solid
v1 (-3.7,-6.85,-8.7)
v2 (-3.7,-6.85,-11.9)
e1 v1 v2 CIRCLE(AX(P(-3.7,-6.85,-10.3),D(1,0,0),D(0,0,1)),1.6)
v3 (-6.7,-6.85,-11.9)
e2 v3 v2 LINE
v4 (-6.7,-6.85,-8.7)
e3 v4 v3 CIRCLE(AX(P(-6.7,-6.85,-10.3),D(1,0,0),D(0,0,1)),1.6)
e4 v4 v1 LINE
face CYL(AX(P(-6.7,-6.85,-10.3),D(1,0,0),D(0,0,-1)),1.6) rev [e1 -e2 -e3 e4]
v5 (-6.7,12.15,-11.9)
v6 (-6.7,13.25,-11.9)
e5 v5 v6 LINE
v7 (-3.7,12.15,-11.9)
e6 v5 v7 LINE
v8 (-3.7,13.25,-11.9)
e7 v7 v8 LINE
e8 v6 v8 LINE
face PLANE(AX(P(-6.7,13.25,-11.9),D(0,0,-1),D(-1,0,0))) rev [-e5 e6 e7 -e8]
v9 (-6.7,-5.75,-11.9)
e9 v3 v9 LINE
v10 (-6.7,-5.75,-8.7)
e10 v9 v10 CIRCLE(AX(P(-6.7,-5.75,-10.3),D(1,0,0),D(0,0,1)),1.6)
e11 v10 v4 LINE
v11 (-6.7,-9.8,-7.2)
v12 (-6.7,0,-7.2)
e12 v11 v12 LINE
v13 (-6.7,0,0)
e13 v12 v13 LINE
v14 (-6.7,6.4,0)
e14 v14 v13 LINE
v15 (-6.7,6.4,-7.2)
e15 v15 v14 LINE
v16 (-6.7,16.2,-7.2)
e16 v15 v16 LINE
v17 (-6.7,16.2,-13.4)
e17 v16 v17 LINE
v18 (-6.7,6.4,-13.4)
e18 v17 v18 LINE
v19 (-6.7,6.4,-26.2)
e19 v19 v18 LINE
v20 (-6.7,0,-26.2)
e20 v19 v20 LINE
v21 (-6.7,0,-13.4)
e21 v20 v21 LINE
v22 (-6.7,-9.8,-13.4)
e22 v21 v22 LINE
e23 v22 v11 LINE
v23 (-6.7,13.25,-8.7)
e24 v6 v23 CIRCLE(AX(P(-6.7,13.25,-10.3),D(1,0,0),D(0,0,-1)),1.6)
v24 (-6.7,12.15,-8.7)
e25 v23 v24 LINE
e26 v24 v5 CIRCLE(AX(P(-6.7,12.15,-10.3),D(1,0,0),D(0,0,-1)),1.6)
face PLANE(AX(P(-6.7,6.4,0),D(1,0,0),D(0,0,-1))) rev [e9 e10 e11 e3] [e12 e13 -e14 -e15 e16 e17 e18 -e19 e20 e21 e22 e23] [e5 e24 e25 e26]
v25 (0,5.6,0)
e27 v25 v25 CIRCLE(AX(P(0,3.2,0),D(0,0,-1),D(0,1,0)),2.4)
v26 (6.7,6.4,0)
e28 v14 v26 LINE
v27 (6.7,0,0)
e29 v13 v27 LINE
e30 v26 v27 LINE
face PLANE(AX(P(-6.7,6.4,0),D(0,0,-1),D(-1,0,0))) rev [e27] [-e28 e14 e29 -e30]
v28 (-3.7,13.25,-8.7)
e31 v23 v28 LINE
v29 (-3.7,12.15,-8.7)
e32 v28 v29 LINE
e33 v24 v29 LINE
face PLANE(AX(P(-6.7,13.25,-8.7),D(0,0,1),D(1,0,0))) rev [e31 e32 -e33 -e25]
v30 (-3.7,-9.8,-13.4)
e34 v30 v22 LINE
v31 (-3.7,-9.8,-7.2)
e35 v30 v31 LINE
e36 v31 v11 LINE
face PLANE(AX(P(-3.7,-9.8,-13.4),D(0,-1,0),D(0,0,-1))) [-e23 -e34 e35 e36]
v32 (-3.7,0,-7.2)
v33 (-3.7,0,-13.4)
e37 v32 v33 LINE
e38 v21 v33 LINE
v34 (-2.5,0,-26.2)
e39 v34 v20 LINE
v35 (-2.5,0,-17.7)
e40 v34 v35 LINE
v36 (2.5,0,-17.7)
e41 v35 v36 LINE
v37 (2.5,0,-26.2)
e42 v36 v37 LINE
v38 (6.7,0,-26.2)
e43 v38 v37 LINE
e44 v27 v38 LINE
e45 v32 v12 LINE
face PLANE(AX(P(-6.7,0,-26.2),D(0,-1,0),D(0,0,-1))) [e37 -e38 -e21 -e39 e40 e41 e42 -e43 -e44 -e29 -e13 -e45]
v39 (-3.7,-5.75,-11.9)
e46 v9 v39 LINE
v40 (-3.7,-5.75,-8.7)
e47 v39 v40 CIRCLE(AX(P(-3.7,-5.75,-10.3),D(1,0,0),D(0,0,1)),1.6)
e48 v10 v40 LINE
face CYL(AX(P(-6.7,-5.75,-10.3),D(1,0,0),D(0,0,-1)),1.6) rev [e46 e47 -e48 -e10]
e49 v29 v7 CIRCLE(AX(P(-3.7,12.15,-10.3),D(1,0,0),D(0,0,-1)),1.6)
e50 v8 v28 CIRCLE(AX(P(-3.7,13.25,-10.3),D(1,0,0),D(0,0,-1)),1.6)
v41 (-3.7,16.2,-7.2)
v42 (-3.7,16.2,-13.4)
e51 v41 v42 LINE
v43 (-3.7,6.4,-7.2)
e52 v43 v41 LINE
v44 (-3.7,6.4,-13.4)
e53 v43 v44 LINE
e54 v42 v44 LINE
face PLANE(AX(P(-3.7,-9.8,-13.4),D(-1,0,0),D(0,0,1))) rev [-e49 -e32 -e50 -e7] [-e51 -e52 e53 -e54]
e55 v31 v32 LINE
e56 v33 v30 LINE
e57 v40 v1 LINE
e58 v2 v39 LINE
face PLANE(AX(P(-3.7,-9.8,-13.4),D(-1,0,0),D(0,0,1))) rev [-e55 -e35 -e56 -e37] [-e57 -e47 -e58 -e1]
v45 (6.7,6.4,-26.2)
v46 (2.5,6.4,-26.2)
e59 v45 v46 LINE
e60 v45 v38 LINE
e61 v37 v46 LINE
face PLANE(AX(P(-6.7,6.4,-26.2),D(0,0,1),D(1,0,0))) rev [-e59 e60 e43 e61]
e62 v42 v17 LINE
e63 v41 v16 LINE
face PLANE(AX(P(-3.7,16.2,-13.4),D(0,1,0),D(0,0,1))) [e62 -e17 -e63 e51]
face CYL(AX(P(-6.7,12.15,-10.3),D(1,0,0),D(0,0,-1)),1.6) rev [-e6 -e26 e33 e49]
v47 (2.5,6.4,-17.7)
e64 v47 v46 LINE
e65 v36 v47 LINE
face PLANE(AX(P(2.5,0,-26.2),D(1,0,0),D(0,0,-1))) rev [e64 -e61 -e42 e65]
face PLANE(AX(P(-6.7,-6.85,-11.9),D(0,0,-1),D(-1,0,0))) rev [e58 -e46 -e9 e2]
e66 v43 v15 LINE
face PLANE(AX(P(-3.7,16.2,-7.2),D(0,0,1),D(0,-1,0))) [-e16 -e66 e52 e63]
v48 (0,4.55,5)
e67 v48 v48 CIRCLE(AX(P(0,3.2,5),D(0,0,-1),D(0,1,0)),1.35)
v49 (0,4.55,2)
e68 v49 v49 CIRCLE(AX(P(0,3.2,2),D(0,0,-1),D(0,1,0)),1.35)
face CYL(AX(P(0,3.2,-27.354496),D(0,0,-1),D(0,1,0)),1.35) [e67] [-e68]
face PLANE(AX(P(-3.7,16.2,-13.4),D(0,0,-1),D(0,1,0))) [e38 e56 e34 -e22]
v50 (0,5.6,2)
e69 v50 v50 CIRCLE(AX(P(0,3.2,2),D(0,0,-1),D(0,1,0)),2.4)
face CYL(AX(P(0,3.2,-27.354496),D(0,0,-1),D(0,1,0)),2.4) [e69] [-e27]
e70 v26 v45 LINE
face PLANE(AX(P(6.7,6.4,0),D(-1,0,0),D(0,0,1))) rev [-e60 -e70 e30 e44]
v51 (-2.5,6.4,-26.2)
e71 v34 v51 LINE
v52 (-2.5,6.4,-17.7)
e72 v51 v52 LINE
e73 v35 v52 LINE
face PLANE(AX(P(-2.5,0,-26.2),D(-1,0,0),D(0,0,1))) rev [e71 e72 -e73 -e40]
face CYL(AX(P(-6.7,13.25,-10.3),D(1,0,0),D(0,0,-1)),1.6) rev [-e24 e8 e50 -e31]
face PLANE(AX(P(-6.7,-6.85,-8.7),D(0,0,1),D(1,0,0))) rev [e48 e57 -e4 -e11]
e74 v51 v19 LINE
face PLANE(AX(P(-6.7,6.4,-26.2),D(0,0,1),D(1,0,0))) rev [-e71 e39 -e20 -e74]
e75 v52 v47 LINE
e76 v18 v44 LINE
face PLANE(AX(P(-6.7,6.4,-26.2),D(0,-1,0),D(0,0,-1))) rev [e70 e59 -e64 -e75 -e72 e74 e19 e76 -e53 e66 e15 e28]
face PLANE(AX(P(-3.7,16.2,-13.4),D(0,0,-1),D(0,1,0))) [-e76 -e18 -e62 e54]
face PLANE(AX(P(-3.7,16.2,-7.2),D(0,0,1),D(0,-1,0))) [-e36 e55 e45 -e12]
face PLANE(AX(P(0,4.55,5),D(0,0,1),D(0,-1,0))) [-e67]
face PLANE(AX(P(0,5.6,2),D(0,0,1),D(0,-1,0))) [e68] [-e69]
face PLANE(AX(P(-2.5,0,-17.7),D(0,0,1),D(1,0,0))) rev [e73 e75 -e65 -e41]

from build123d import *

# Parameters (mm, degrees)
SKETCH1_W           = 13.4
SKETCH1_H           = 26.2
BOSS_EXTRUDE1_DEPTH = 6.4
SKETCH2_W           = 5
SKETCH2_H           = 8.5
CUT_EXTRUDE1_DEPTH  = 6.4
SKETCH3_W           = 6.2
SKETCH3_H           = 26
BOSS_EXTRUDE2_DEPTH = 3
CUT_EXTRUDE2_DEPTH  = 4


with BuildPart() as part:
    # Sketch1 → Boss-Extrude1 (new body)
    with BuildSketch(Plane(origin=(0, 0, 0), x_dir=(1, 0, 0), z_dir=(0, 1, 0))):
        with Locations((0, 13.1)):
            Rectangle(SKETCH1_W, SKETCH1_H)
    extrude(amount=BOSS_EXTRUDE1_DEPTH)

    # Sketch2 → Cut-Extrude1 (cut)
    with BuildSketch(Plane(origin=(0, 6.4, 0), x_dir=(1, 0, 0), z_dir=(0, 1, 0))):
        with Locations((0, 21.95)):
            Rectangle(SKETCH2_W, SKETCH2_H)
    extrude(amount=-CUT_EXTRUDE1_DEPTH, mode=Mode.SUBTRACT)

    # Sketch3 → Boss-Extrude2 (add)
    with BuildSketch(Plane.ZY.offset(6.7)):
        with Locations((-10.3, 3.2)):
            Rectangle(SKETCH3_W, SKETCH3_H)
    extrude(amount=-BOSS_EXTRUDE2_DEPTH)

    # Sketch4 → Cut-Extrude2 (cut, through all)
    with BuildSketch(Plane(origin=(-3.7, 0, 0), x_dir=(0, 0, -1), z_dir=(1, 0, 0))):
        with BuildLine():
            Line((11.9, 13.25), (11.9, 12.15))
            ThreePointArc((11.9, 12.15), (10.3, 10.55), (8.7, 12.15))
            Line((8.7, 12.15), (8.7, 13.25))
            ThreePointArc((8.7, 13.25), (10.3, 14.85), (11.9, 13.25))
        make_face()
        with BuildLine():
            Line((11.9, -6.85), (11.9, -5.75))
            ThreePointArc((11.9, -5.75), (10.3, -4.15), (8.7, -5.75))
            Line((8.7, -5.75), (8.7, -6.85))
            ThreePointArc((8.7, -6.85), (10.3, -8.45), (11.9, -6.85))
        make_face()
    extrude(amount=-CUT_EXTRUDE2_DEPTH, mode=Mode.SUBTRACT)

    # Sketch5 → Revolve1 (revolve)
    with BuildSketch(Plane(origin=(0, 0, 0), x_dir=(0, 0, -1), z_dir=(1, 0, 0))):
        Polygon((0, 3.2), (0, 5.6), (-2, 5.6), (-2, 4.55), (-5, 4.55), (-5, 3.2), align=None)
    revolve(axis=Axis((0, 3.2, -27.354495769), (0, 0, 1)))


solid = part.part
